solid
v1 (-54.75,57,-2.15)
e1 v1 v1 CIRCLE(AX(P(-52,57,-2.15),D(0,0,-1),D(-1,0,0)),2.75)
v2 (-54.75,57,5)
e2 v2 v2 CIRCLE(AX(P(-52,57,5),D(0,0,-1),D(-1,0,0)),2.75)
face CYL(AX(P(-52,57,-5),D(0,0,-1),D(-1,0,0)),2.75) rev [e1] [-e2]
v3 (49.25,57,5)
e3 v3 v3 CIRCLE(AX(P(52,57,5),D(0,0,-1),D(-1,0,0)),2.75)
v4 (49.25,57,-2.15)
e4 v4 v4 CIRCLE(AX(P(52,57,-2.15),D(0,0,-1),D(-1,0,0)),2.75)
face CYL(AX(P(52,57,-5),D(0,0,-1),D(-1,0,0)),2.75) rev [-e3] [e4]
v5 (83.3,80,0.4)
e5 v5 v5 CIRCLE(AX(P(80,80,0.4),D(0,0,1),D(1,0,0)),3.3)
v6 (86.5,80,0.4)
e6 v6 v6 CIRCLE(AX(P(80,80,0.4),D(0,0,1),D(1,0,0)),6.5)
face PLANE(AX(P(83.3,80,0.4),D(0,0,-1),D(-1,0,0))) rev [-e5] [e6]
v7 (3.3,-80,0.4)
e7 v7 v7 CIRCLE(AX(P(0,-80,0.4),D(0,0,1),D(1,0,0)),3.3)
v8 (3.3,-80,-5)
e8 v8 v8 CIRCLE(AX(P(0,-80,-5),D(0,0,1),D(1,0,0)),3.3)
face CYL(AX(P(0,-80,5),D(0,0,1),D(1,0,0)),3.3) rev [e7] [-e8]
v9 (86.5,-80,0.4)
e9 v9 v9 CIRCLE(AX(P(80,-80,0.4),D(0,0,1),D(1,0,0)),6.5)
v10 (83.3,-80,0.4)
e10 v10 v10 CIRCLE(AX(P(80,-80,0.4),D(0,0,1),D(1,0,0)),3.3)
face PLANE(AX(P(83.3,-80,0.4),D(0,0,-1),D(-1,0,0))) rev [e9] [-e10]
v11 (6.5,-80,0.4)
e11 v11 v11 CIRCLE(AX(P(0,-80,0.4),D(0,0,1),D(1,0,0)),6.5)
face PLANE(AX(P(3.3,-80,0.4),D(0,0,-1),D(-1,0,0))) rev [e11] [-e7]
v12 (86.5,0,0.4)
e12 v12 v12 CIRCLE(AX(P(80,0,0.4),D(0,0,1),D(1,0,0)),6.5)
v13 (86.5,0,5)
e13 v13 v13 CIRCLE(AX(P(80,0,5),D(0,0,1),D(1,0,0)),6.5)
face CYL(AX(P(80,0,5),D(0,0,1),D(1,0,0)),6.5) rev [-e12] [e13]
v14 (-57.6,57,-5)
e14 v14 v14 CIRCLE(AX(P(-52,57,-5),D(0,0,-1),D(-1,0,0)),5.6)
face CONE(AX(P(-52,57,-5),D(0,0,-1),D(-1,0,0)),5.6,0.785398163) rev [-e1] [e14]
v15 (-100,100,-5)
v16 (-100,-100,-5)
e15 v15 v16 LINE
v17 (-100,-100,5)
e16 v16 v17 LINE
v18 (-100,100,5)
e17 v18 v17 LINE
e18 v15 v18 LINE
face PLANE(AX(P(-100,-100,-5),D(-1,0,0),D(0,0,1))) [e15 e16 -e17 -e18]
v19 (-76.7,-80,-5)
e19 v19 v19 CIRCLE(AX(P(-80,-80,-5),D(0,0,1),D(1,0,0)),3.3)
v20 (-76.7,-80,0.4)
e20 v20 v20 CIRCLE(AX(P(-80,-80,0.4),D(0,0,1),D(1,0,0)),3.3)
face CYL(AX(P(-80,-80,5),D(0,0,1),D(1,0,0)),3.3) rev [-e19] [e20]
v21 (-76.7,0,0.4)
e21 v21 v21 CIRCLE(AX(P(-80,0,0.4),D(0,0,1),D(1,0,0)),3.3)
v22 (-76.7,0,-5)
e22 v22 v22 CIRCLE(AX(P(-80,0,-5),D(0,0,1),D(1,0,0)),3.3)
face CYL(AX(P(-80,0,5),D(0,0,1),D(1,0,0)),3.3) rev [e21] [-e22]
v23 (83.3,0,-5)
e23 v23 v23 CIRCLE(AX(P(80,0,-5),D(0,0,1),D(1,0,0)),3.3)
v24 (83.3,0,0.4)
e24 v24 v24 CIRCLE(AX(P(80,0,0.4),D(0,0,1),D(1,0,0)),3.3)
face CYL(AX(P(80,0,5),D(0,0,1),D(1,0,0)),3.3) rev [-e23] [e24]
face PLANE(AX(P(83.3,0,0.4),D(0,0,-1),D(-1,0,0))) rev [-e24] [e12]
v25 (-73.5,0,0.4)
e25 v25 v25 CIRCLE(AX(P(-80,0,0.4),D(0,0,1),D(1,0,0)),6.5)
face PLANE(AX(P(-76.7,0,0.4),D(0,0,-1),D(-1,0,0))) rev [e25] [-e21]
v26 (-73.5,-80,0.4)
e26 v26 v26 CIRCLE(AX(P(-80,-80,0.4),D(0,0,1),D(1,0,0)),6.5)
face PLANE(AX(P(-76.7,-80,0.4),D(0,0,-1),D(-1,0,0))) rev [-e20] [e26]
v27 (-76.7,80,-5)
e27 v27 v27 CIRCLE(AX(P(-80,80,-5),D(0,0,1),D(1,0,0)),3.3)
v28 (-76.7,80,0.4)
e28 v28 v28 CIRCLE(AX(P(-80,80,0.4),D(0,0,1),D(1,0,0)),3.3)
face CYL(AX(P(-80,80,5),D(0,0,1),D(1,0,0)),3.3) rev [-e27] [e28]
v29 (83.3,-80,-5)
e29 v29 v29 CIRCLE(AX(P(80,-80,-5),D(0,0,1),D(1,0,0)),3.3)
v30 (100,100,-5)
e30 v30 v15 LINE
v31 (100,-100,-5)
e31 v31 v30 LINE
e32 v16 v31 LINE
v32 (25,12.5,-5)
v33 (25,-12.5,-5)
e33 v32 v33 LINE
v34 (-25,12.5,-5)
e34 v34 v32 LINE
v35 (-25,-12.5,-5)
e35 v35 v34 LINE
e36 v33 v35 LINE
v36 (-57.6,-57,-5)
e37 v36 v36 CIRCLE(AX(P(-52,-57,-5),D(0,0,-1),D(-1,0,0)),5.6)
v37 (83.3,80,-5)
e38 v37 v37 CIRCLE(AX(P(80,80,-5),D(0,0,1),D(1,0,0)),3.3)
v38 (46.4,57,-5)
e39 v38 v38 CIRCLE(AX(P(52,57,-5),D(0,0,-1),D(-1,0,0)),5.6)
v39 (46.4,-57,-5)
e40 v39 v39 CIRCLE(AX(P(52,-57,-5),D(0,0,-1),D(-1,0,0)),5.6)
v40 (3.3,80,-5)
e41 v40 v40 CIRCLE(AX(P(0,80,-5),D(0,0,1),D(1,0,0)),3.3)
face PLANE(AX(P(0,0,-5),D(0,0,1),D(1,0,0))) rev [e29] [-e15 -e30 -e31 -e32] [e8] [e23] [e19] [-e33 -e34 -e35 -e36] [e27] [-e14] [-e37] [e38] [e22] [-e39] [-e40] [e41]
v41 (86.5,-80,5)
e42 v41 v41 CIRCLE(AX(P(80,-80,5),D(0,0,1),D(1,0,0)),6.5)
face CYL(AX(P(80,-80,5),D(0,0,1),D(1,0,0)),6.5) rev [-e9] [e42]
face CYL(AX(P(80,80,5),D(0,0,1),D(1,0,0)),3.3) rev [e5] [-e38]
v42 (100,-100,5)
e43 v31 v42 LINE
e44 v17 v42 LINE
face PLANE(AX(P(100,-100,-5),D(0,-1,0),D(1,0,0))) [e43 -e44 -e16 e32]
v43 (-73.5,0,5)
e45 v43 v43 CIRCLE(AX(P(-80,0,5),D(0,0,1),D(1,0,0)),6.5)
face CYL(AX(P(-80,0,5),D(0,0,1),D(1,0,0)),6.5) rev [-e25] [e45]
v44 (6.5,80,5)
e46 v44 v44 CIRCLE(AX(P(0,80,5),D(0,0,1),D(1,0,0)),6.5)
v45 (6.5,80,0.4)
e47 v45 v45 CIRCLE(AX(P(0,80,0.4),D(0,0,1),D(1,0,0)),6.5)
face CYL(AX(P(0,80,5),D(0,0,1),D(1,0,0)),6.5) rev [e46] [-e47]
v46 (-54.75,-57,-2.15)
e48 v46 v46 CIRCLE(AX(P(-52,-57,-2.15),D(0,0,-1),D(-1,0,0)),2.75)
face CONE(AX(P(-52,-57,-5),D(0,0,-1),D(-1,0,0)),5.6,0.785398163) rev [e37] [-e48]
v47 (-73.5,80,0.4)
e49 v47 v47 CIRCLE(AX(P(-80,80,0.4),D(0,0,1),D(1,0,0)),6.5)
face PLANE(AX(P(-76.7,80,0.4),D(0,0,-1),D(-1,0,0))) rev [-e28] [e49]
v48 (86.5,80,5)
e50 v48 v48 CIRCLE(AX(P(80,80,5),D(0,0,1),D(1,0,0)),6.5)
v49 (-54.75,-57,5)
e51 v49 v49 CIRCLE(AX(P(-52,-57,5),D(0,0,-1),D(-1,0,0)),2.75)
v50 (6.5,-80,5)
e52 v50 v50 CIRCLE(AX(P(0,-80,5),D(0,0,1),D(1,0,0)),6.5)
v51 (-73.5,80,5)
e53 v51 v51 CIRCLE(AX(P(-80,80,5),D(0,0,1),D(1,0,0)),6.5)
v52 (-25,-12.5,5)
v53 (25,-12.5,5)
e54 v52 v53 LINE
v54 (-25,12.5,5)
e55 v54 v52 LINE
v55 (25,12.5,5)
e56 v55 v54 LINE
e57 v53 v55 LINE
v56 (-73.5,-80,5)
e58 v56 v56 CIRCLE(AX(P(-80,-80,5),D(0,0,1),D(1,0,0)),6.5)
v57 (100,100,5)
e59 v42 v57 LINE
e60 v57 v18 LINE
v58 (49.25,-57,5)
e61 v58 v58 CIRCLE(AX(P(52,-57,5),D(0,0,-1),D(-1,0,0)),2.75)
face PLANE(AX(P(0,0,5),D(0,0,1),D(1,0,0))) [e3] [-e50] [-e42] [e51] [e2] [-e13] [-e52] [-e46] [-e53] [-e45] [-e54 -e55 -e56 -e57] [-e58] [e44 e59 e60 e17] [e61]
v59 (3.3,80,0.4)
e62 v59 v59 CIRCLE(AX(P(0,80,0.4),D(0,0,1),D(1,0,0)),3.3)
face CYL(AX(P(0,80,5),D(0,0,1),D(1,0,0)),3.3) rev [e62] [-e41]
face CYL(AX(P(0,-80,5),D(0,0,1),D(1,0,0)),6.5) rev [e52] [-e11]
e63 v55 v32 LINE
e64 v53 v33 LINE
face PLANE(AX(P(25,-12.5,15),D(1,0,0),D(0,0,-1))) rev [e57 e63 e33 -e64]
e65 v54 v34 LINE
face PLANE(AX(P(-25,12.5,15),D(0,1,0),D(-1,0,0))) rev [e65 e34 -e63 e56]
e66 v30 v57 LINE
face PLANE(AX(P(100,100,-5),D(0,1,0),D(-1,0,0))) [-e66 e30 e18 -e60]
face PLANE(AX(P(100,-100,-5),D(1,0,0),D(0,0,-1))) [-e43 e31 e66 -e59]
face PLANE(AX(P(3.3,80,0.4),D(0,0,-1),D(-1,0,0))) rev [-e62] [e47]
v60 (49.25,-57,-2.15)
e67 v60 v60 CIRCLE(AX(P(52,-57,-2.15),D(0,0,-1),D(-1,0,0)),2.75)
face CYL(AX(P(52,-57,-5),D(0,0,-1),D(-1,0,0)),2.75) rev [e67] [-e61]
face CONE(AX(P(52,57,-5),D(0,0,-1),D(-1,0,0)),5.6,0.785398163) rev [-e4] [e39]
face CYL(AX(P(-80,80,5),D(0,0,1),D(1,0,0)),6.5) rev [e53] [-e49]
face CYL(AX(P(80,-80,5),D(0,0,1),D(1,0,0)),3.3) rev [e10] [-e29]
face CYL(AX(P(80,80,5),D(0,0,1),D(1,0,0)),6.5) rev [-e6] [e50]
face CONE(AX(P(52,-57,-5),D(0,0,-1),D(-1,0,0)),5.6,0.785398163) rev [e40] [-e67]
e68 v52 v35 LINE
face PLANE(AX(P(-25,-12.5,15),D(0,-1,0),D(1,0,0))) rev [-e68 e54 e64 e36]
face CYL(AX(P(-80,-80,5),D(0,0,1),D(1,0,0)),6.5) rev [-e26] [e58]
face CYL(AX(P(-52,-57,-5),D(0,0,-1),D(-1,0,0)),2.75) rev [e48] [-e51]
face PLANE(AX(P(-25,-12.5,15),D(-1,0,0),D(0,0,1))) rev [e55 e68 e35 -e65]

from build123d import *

# Parameters (mm, degrees)
BOSS_EXTRUDE1_DEPTH                                  = 5
BOSS_EXTRUDE1_DEPTH_BACK                             = 5
SKETCH1_W                                            = 200
SKETCH1_H                                            = 200
TAP_DRILL_FOR_M5X0_8_TAP1_D                          = 5
SKETCH5_W                                            = 50
SKETCH5_H                                            = 25
CUT_EXTRUDE2_DEPTH                                   = 20
CBORE_FOR_M6_PAN_HEAD_SCREW1_D                       = 6.6
CBORE_FOR_M6_PAN_HEAD_SCREW1_CBORE_D                 = 13
CBORE_FOR_M6_PAN_HEAD_SCREW1_CBORE_DEPTH             = 4.6
CSK_FOR_M5_HEX_SOCKET_COUNTERSUNK_CAP_SC_D           = 5.5
CSK_FOR_M5_HEX_SOCKET_COUNTERSUNK_CAP_SC_CSINK_D     = 11.2
CSK_FOR_M5_HEX_SOCKET_COUNTERSUNK_CAP_SC_CSINK_ANGLE = 90


with BuildPart() as part:
    # Sketch1 → Boss-Extrude1 (new, two sides: drawn at the far end of the back side and taken through both)
    with BuildSketch(Plane.XY.offset(-BOSS_EXTRUDE1_DEPTH_BACK)):
        Rectangle(SKETCH1_W, SKETCH1_H)
    extrude(amount=BOSS_EXTRUDE1_DEPTH + BOSS_EXTRUDE1_DEPTH_BACK)

    # Tap Drill for M5x0.8 Tap1 (through all)
    with Locations(Plane(origin=(0, 0, -5), x_dir=(-1, 0, 0), z_dir=(0, 0, -1))):
        with Locations((-52, 57), (52, 57), (52, -57), (-52, -57)):
            Hole(TAP_DRILL_FOR_M5X0_8_TAP1_D / 2)

    # Sketch5 → Cut-Extrude2 (cut)
    with BuildSketch(Plane(origin=(0, 0, -5), x_dir=(-1, 0, 0), z_dir=(0, 0, -1))):
        Rectangle(SKETCH5_W, SKETCH5_H)
    extrude(amount=-CUT_EXTRUDE2_DEPTH, mode=Mode.SUBTRACT)

    # CBORE for M6 Pan Head Screw1 (through all)
    with Locations(Plane.XY.offset(5)):
        with Locations((-80, 80), (-80, 0), (-80, -80), (80, 80), (80, 0), (80, -80), (0, 80), (0, -80)):
            CounterBoreHole(CBORE_FOR_M6_PAN_HEAD_SCREW1_D / 2, CBORE_FOR_M6_PAN_HEAD_SCREW1_CBORE_D / 2, CBORE_FOR_M6_PAN_HEAD_SCREW1_CBORE_DEPTH)

    # CSK for M5 Hex Socket Countersunk Cap Screw1 (through all)
    with Locations(Plane(origin=(0, 0, -5), x_dir=(-1, 0, 0), z_dir=(0, 0, -1))):
        with Locations((-52, 57), (52, 57), (52, -57), (-52, -57)):
            CounterSinkHole(CSK_FOR_M5_HEX_SOCKET_COUNTERSUNK_CAP_SC_D / 2, CSK_FOR_M5_HEX_SOCKET_COUNTERSUNK_CAP_SC_CSINK_D / 2, counter_sink_angle=CSK_FOR_M5_HEX_SOCKET_COUNTERSUNK_CAP_SC_CSINK_ANGLE)


solid = part.part
